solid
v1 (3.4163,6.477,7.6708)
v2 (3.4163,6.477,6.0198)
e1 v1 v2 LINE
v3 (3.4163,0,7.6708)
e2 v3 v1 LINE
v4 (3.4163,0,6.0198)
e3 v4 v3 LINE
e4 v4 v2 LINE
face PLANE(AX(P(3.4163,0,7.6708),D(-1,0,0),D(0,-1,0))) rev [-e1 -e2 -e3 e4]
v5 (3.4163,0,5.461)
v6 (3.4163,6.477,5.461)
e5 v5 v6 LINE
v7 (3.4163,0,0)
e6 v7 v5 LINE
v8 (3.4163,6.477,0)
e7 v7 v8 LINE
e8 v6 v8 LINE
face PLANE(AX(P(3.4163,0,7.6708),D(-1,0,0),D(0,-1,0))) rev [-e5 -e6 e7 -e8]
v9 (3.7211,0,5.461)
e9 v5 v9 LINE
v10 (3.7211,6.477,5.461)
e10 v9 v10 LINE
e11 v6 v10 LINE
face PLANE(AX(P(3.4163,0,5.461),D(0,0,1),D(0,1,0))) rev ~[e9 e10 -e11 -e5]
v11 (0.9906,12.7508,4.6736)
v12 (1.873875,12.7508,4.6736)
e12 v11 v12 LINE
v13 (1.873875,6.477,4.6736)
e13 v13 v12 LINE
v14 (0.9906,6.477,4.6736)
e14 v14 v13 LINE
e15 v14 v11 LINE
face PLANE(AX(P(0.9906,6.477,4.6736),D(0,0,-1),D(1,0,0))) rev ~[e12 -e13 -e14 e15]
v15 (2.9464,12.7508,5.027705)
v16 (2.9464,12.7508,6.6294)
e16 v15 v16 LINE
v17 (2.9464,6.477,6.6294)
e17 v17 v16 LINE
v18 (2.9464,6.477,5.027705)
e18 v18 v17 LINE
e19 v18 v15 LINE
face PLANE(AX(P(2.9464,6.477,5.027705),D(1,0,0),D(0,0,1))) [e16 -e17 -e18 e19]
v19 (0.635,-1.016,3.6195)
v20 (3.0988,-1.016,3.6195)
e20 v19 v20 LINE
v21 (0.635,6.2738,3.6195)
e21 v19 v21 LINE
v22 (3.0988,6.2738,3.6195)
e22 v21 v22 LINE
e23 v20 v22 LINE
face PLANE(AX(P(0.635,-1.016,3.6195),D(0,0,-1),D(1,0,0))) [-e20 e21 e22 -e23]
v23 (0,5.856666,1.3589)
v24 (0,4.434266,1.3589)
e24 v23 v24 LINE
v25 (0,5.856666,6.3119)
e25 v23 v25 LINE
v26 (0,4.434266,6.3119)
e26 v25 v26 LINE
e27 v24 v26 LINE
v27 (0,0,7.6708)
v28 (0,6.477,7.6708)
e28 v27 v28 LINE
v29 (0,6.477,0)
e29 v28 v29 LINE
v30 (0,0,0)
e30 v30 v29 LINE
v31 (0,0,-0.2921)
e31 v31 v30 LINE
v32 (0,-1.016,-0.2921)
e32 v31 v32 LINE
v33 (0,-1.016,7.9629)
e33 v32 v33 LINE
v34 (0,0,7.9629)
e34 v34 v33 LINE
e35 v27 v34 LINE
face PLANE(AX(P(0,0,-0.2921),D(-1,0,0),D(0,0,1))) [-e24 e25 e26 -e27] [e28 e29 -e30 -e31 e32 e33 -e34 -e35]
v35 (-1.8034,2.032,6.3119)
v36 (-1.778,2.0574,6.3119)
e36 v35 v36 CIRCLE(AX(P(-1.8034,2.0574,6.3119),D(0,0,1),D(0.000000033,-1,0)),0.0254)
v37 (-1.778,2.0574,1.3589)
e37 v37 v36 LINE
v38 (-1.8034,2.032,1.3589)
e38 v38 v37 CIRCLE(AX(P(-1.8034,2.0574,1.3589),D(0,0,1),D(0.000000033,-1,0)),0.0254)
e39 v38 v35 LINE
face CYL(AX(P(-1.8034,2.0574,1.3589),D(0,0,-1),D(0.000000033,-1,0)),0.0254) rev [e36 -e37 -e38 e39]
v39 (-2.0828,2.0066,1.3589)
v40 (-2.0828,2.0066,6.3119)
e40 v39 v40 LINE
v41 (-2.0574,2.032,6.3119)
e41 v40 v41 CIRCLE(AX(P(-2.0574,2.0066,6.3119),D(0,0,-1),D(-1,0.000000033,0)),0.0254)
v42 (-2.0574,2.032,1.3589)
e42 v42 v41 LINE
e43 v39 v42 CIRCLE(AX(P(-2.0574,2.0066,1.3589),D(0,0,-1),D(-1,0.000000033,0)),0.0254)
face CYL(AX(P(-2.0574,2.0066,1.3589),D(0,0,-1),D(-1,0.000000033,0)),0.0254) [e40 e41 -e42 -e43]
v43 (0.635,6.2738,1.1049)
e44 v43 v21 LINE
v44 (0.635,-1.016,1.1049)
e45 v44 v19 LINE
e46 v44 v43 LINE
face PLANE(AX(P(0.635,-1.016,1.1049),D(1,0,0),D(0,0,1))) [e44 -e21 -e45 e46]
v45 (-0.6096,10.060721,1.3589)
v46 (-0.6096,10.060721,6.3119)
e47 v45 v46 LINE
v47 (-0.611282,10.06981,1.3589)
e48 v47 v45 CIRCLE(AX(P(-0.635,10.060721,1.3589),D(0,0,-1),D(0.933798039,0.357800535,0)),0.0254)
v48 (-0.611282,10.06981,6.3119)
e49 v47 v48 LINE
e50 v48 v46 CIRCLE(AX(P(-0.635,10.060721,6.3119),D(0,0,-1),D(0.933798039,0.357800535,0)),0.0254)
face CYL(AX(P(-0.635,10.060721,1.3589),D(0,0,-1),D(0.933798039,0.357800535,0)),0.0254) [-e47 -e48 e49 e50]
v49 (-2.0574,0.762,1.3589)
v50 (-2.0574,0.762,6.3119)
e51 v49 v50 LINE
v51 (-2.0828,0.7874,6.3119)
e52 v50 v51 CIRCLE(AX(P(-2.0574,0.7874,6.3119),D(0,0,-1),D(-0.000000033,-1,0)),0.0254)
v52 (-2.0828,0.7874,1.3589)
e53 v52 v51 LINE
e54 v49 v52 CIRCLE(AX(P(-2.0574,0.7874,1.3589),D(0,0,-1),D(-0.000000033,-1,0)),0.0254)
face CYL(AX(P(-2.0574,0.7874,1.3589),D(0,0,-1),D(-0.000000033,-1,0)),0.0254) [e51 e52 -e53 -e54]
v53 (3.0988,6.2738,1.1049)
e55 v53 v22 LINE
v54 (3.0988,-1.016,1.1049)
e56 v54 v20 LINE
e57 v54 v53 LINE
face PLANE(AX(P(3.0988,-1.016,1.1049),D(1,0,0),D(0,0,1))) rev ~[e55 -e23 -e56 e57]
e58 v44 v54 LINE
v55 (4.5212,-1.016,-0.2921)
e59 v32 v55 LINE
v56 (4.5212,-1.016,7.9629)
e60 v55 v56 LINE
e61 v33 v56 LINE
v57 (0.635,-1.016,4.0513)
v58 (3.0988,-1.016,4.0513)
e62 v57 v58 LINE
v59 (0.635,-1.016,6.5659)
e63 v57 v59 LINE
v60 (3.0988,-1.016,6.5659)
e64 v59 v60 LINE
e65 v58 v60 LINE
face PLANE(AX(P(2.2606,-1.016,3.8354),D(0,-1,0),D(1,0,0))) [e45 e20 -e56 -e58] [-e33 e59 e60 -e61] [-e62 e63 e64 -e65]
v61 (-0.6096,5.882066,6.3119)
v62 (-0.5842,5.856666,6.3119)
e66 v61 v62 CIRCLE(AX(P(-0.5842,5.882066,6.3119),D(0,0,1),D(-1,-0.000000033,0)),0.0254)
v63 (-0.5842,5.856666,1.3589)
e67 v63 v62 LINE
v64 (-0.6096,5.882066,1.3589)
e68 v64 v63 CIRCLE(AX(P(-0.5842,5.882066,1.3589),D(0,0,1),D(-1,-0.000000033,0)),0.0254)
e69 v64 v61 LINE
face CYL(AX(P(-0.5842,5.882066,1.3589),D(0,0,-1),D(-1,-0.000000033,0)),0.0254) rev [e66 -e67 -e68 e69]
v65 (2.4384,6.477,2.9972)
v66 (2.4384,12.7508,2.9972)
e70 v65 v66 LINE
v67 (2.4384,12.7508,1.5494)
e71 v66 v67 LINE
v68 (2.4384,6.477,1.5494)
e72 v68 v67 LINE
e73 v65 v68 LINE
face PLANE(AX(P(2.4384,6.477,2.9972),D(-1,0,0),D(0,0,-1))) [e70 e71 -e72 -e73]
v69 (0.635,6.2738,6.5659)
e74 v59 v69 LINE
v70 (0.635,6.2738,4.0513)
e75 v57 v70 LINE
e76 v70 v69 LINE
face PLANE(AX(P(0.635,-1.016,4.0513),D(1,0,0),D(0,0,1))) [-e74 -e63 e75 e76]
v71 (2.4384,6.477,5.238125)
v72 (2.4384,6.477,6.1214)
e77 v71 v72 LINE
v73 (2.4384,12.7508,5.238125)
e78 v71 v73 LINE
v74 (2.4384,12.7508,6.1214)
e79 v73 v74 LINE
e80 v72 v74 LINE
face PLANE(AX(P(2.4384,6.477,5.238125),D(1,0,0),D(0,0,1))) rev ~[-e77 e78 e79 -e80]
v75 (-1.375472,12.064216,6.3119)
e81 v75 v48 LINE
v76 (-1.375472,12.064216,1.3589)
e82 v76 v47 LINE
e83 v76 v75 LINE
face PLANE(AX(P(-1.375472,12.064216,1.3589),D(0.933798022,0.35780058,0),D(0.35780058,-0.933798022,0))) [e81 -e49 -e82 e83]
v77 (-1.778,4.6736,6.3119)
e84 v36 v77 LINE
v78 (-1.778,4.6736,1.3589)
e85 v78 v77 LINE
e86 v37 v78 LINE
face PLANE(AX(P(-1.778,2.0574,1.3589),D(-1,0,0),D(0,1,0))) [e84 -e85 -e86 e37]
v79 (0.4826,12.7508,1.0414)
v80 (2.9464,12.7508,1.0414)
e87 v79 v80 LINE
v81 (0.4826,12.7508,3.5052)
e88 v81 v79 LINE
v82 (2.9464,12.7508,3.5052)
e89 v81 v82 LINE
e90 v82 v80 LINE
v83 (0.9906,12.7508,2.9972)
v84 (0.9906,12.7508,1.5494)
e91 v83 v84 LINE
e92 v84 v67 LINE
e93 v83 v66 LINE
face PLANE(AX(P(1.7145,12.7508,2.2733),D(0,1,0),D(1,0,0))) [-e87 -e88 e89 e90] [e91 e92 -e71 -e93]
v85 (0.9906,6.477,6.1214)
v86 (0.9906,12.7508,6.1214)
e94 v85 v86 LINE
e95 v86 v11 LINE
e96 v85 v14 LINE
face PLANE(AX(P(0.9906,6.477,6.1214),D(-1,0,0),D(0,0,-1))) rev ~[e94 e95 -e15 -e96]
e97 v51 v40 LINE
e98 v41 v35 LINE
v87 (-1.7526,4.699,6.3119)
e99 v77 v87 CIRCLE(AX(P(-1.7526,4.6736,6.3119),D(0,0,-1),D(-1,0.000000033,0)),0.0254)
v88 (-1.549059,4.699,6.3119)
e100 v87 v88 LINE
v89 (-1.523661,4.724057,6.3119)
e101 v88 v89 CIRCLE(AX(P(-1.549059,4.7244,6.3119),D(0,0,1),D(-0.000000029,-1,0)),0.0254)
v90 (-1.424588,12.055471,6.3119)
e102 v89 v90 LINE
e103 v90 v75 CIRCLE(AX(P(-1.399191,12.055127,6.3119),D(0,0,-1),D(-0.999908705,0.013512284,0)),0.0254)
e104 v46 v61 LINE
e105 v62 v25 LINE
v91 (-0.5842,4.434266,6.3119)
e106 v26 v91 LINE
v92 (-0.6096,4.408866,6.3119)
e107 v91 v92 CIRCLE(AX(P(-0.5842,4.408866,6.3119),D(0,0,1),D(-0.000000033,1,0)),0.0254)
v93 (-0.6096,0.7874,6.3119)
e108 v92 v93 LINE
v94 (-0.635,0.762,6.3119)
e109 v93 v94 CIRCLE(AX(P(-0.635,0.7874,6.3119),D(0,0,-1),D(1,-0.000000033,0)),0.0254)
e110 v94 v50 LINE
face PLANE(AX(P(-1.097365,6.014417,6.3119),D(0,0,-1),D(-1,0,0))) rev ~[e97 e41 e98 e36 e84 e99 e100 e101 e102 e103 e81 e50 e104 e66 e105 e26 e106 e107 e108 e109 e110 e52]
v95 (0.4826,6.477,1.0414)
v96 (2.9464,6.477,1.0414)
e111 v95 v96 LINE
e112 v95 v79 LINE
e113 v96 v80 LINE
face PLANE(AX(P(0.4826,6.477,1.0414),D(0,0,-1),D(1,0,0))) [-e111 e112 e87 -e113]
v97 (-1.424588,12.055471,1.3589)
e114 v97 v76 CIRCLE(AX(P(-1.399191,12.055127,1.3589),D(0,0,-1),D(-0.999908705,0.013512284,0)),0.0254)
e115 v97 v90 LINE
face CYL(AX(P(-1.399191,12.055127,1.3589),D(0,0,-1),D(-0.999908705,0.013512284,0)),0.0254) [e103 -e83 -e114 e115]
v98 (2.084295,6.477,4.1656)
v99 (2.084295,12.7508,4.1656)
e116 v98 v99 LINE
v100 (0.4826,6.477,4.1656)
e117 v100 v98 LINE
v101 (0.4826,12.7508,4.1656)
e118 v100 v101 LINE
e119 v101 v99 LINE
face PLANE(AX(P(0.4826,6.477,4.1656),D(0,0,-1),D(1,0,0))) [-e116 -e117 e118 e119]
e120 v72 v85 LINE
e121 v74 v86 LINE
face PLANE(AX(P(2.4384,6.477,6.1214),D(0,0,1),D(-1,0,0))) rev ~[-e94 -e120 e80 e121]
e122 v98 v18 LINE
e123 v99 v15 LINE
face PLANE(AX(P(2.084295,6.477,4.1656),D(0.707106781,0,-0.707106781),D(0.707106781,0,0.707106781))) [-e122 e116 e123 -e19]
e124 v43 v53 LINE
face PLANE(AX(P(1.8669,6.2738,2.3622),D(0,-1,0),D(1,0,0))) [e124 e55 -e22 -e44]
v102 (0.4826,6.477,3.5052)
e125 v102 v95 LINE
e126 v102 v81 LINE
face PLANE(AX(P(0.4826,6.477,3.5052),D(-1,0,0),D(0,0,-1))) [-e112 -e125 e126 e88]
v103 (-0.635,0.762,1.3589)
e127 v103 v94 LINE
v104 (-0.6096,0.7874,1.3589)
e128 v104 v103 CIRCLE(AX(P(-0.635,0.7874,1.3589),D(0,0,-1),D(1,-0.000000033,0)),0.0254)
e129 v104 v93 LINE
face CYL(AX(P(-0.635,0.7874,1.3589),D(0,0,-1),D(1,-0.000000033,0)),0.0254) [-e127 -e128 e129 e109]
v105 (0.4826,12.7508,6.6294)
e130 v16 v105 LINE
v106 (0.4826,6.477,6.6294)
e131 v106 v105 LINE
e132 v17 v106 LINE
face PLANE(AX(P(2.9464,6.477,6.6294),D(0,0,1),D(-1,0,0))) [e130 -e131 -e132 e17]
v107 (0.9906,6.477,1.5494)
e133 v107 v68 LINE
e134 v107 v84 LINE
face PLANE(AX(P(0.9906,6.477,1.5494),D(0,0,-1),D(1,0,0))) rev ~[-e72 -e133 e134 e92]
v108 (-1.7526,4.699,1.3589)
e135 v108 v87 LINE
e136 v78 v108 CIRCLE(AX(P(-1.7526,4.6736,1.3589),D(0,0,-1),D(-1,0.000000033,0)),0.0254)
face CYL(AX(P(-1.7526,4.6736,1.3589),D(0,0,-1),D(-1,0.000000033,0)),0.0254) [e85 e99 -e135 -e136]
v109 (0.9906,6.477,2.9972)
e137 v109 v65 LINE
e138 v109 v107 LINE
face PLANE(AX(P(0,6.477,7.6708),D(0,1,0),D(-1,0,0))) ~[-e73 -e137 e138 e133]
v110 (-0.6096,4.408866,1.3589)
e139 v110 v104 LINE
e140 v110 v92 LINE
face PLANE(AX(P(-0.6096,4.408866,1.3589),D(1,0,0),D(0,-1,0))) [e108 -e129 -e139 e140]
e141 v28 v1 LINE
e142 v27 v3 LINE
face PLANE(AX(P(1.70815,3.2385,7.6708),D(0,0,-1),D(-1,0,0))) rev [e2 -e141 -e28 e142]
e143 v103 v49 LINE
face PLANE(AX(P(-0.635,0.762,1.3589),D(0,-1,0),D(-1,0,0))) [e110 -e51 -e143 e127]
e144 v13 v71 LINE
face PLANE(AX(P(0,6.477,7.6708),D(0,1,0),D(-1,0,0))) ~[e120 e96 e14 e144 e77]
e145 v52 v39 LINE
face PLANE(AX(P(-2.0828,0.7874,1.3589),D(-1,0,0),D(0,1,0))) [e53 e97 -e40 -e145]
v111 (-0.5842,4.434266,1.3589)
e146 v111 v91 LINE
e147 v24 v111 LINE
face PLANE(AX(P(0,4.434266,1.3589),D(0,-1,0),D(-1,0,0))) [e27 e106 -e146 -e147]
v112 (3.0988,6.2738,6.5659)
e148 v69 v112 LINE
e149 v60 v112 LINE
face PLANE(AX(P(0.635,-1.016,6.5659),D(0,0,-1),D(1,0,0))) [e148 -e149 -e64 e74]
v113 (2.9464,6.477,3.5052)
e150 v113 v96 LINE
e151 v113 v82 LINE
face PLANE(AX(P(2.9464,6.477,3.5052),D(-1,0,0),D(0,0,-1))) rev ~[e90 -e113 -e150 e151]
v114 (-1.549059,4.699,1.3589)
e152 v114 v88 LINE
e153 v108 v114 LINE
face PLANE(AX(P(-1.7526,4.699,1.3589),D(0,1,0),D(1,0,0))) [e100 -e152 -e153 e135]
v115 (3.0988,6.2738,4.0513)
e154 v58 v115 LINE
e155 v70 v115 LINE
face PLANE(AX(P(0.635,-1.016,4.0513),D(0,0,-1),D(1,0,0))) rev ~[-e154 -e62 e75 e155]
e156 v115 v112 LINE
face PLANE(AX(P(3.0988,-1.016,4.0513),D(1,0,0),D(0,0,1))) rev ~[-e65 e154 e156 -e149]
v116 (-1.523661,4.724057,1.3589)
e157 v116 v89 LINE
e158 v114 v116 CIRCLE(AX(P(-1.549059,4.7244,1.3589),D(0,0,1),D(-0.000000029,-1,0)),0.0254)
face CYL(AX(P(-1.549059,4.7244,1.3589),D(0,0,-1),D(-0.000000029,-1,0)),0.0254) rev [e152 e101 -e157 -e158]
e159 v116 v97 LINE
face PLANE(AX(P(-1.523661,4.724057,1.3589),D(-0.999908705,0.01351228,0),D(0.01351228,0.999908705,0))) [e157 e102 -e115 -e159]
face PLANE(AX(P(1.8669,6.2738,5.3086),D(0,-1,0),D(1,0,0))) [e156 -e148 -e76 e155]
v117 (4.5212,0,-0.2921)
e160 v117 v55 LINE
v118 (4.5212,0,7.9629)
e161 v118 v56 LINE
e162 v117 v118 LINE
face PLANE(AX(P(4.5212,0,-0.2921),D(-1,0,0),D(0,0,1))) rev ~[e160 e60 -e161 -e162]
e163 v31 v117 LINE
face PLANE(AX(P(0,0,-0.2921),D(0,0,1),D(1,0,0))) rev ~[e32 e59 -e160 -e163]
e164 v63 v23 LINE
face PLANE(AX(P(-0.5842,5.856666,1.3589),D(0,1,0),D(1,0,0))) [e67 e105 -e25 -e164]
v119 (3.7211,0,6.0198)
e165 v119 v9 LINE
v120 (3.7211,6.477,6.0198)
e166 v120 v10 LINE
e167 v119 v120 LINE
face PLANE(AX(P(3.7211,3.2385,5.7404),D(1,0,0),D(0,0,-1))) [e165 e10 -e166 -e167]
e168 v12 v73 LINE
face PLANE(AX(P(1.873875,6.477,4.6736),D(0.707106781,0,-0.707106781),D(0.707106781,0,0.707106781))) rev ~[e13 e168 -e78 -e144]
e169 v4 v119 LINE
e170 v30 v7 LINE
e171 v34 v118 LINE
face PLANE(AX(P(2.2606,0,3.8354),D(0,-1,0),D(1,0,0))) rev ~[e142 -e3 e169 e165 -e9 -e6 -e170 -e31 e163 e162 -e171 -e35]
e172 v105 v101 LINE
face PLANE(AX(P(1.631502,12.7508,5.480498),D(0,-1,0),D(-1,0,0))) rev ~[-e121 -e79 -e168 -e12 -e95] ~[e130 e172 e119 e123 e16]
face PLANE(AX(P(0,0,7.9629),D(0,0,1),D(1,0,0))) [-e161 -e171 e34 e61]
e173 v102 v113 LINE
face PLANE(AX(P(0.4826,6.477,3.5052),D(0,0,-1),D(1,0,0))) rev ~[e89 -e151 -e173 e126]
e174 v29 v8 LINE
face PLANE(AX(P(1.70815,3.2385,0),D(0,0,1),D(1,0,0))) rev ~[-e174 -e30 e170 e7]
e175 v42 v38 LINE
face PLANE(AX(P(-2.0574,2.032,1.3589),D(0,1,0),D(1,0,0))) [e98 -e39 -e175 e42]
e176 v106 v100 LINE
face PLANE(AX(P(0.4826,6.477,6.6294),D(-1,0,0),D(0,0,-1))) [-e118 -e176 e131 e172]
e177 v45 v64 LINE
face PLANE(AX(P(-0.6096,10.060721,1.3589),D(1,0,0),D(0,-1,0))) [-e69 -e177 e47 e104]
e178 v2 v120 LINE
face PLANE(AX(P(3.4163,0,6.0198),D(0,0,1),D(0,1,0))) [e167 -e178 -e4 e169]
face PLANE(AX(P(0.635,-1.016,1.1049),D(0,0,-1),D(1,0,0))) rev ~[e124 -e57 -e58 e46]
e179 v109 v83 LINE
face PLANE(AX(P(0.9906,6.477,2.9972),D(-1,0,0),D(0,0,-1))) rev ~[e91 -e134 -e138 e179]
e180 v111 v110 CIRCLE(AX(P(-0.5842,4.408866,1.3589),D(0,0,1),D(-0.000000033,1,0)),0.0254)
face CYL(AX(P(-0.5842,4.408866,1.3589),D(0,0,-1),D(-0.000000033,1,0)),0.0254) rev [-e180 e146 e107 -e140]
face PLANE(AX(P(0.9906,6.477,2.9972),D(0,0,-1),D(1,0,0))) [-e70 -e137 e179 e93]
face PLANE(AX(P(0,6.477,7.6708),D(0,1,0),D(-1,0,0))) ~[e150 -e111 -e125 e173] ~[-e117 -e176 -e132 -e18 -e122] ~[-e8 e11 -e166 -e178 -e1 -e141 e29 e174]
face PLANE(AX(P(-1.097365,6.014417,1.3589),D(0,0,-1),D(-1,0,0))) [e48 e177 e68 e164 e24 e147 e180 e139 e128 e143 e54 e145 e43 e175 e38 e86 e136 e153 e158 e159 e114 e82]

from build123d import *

# Parameters (mm, degrees)
SKETCH1_W           = 3.4163
SKETCH1_H           = 6.477
EXTRUDE1_DEPTH      = 3.8354
SKETCH2_W           = 0.5588
SKETCH2_H           = 6.477
EXTRUDE2_DEPTH      = 0.3048
SKETCH3_W           = 4.5212
SKETCH3_H           = 8.255
EXTRUDE3_DEPTH      = 1.016
SKETCH4_W           = 2.4638
SKETCH4_H           = 2.4638
SKETCH4_W_2         = 1.4478
SKETCH4_H_2         = 1.4478
EXTRUDE4_DEPTH      = 6.2738
SKETCH5_W           = 2.4638
SKETCH5_H           = 2.5146
EXTRUDE5_DEPTH      = 7.2898
EXTRUDE6_DEPTH      = 2.4765
EXTRUDE6_DEPTH_BACK = 2.4765


with BuildPart() as part:
    # Sketch1 → Extrude1 (new body)
    with BuildSketch(Plane.XY):
        with Locations((1.70815, 3.2385)):
            Rectangle(SKETCH1_W, SKETCH1_H)
    extrude1 = extrude(amount=EXTRUDE1_DEPTH)

    # Mirror1: Extrude1 across plane
    add(extrude1.mirror(Plane.XY.offset(3.8354)))

    # Sketch2 → Extrude2 (add)
    with BuildSketch(Plane(origin=(3.4163, 0, 0), x_dir=(0, 0, -1), z_dir=(1, 0, 0))):
        with Locations((-5.7404, 3.2385)):
            Rectangle(SKETCH2_W, SKETCH2_H)
    extrude(amount=EXTRUDE2_DEPTH)

    # Sketch3 → Extrude3 (add)
    with BuildSketch(Plane.XZ):
        with Locations((2.2606, 3.8354)):
            Rectangle(SKETCH3_W, SKETCH3_H)
    extrude(amount=EXTRUDE3_DEPTH)

    # Sketch4 → Extrude4 (add)
    # profile 1 of 2: a face of its own
    with BuildSketch(Plane(origin=(0, 6.477, 0), x_dir=(1, 0, 0), z_dir=(0, 1, 0))):
        Polygon((2.9464, -6.6294), (0.4826, -6.6294), (0.4826, -4.1656), (2.084295412, -4.1656), (2.9464, -5.027704588), align=None)
        Polygon((0.9906, -6.1214), (0.9906, -4.6736), (1.873874923, -4.6736), (2.4384, -5.238125077), (2.4384, -6.1214), align=None, mode=Mode.SUBTRACT)
    # profile 2 of 2: a face of its own
    with BuildSketch(Plane(origin=(0, 6.477, 0), x_dir=(1, 0, 0), z_dir=(0, 1, 0))):
        with Locations((1.7145, -2.2733)):
            Rectangle(SKETCH4_W, SKETCH4_H)
        with Locations((1.7145, -2.2733)):
            Rectangle(SKETCH4_W_2, SKETCH4_H_2, mode=Mode.SUBTRACT)
    extrude(amount=EXTRUDE4_DEPTH)

    # Sketch5 → Extrude5 (cut)
    with BuildSketch(Plane.XZ.offset(1.016)):
        with Locations((1.8669, 5.3086)):
            Rectangle(SKETCH5_W, SKETCH5_H)
        with Locations((1.8669, 2.3622)):
            Rectangle(SKETCH5_W, SKETCH5_H)
    extrude(amount=-EXTRUDE5_DEPTH, mode=Mode.SUBTRACT)

    # Sketch6 → Extrude6 (add, two sides: drawn at the far end of the back side and taken through both)
    with BuildSketch(Plane.XY.offset(3.8354).offset(-EXTRUDE6_DEPTH_BACK)):
        with BuildLine():
            ThreePointArc((-0.6096, 0.7874), (-0.617039488, 0.769439488), (-0.635, 0.762))
            Line((-0.635, 0.762), (-2.0574, 0.762))
            ThreePointArc((-2.0574, 0.762), (-2.075360512, 0.769439488), (-2.0828, 0.7874))
            Line((-2.0828, 0.7874), (-2.0828, 2.0066))
            ThreePointArc((-2.0828, 2.0066), (-2.075360512, 2.024560512), (-2.0574, 2.032))
            Line((-2.0574, 2.032), (-1.8034, 2.032))
            ThreePointArc((-1.8034, 2.032), (-1.785439488, 2.039439488), (-1.778, 2.0574))
            Line((-1.778, 2.0574), (-1.778, 4.6736))
            ThreePointArc((-1.778, 4.6736), (-1.770560512, 4.691560512), (-1.7526, 4.699))
            Line((-1.7526, 4.699), (-1.549059076, 4.699))
            ThreePointArc((-1.549059076, 4.699), (-1.53122032, 4.706318551), (-1.523661395, 4.724056788))
            Line((-1.523661395, 4.724056788), (-1.424588234, 12.055470697))
            ThreePointArc((-1.424588234, 12.055470697), (-1.403642896, 12.080134217), (-1.375472083, 12.06421562))
            Line((-1.375472083, 12.06421562), (-0.61128153, 10.069809609))
            ThreePointArc((-0.61128153, 10.069809609), (-0.61002392, 10.065342668), (-0.6096, 10.060721474))
            Line((-0.6096, 10.060721474), (-0.6096, 5.882065653))
            ThreePointArc((-0.6096, 5.882065653), (-0.602160512, 5.864105141), (-0.5842, 5.856665653))
            Line((-0.5842, 5.856665653), (0, 5.856665653))
            Line((0, 5.856665653), (0, 4.434265653))
            Line((0, 4.434265653), (-0.5842, 4.434265653))
            ThreePointArc((-0.5842, 4.434265653), (-0.602160512, 4.426826165), (-0.6096, 4.408865653))
            Line((-0.6096, 4.408865653), (-0.6096, 0.7874))
        make_face()
    extrude(amount=EXTRUDE6_DEPTH + EXTRUDE6_DEPTH_BACK)


solid = part.part
